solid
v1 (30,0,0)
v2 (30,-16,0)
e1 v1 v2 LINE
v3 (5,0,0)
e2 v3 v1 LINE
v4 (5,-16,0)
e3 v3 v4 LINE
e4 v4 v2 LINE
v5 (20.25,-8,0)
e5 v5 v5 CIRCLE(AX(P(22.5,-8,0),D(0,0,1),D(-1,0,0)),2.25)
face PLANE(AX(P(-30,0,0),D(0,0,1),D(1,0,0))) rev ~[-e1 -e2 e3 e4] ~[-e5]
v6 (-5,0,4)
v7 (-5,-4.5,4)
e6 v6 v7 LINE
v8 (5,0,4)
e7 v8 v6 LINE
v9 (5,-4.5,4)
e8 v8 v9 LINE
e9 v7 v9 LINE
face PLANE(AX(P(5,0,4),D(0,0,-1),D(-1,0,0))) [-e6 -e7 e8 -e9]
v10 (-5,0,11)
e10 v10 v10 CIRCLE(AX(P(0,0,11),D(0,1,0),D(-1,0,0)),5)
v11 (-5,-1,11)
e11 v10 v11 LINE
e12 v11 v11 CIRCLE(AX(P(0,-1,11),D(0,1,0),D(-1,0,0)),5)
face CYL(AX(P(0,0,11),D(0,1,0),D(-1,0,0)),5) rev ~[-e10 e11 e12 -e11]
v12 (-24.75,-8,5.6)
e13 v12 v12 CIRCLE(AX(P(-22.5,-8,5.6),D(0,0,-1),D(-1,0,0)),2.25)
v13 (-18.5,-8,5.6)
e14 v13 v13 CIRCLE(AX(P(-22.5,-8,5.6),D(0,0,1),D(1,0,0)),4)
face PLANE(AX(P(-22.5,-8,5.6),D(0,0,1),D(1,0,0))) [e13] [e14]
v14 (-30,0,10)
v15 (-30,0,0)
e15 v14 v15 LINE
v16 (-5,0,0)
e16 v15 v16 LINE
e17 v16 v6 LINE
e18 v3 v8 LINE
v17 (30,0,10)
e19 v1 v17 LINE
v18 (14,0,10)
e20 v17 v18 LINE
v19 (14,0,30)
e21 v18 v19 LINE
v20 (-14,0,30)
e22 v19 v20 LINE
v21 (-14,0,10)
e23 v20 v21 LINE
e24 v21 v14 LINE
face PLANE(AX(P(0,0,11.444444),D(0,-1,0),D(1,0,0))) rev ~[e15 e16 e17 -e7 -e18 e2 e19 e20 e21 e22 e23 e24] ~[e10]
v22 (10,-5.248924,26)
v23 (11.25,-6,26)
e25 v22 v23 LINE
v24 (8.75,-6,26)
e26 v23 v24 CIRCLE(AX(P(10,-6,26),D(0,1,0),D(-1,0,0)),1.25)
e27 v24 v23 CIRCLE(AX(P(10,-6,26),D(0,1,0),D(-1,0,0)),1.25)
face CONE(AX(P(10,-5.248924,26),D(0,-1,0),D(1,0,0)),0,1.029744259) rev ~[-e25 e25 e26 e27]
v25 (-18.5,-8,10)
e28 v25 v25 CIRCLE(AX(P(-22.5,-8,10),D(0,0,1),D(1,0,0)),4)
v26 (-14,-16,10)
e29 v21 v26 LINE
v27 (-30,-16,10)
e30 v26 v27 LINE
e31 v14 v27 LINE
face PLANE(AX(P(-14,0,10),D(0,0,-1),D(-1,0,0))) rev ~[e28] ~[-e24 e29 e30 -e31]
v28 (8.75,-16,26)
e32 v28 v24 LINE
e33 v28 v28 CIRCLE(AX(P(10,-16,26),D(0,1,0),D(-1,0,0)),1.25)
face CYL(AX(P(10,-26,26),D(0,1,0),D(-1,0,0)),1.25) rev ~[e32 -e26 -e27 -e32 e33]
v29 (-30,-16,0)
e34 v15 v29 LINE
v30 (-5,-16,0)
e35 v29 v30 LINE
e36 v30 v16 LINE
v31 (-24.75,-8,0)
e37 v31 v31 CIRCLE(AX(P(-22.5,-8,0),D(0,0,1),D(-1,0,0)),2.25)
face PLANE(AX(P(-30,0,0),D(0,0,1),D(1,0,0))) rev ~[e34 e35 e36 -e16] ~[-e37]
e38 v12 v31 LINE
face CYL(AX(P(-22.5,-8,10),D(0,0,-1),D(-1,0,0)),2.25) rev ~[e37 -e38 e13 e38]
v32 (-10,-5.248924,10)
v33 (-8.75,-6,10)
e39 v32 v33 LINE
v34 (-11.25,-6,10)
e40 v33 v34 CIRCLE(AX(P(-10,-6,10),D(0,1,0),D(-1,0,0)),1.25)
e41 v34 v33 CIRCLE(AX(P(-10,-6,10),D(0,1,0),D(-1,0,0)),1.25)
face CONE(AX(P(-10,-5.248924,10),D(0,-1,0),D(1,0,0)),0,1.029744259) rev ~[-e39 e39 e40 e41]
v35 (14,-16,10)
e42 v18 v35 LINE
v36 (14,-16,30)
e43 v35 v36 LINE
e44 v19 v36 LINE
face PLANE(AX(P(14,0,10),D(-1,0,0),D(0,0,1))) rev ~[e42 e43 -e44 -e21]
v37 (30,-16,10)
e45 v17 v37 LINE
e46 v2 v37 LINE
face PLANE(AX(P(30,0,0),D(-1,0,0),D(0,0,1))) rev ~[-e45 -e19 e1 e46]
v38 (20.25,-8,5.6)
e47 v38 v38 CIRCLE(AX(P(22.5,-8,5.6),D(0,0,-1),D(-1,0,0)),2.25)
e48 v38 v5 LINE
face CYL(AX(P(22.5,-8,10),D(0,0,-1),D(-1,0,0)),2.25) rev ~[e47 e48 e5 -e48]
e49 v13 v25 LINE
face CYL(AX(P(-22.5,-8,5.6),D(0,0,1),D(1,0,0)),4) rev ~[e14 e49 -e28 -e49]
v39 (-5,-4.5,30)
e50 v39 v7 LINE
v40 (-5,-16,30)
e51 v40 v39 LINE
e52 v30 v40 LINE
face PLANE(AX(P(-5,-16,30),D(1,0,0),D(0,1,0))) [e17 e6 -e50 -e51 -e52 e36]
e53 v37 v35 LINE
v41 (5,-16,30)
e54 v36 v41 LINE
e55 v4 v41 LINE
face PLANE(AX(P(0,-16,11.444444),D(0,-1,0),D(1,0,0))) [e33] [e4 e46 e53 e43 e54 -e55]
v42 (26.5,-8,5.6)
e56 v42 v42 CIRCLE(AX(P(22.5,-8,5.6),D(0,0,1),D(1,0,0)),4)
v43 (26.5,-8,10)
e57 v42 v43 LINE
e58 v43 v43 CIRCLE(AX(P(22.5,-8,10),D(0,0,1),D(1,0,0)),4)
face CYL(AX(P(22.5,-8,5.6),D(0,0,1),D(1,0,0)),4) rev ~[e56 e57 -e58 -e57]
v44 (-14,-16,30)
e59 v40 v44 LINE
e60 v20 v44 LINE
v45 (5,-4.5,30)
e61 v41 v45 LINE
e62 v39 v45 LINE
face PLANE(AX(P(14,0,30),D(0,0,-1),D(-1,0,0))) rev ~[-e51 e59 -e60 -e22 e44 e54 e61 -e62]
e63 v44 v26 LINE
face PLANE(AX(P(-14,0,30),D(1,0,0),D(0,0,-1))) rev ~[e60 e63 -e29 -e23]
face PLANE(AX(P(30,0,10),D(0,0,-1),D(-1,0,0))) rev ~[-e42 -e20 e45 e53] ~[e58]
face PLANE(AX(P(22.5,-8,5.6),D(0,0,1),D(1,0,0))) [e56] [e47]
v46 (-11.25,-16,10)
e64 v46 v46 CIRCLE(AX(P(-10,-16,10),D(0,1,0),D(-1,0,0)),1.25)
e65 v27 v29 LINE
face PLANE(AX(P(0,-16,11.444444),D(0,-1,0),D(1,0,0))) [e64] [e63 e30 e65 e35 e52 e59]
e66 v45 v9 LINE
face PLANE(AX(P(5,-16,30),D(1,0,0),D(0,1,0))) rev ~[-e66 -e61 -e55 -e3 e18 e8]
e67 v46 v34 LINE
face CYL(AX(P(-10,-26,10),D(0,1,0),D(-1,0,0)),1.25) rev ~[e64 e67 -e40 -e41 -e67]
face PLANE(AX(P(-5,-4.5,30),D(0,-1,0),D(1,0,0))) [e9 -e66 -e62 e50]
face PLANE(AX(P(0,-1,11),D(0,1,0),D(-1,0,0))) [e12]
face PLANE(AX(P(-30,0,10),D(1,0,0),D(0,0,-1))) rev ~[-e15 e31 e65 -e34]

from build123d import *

# Parameters (mm, degrees)
F1_DEPTH       = 16
F2_W           = 10
F2_H           = 11.5
F3_DEPTH       = 30.001
F4_W           = 10
F4_H           = 4
F5_DEPTH       = 16.001
F7_D           = 2.5
F7_DEPTH       = 10
F7_TIP         = 0.7510757738
F9_D           = 4.5
F9_DEPTH       = 10
F9_CBORE_D     = 8
F9_CBORE_DEPTH = 4.4
F9_TIP         = 1.3519363928
F10_R          = 5
F11_DEPTH      = 1


with BuildPart() as f1:
    # F0 (on Front) → F1 (new body)
    with BuildSketch(Plane.XZ):
        Polygon((14, 30), (0, 30), (-14, 30), (-14, 10), (-30, 10), (-30, 0), (0, 0), (30, 0), (30, 10), (14, 10), align=None)
    extrude(amount=F1_DEPTH)

    # F2 (on face) → F3 (cut, through all)
    with BuildSketch(Plane.XY.offset(30)):
        with Locations((0, -10.25)):
            Rectangle(F2_W, F2_H)
    extrude(amount=-F3_DEPTH, mode=Mode.SUBTRACT)

    # F4 (on face) → F5 (cut, through all)
    with BuildSketch(Plane(origin=(0, 0, 0), x_dir=(-1, 0, 0), z_dir=(0, 1, 0))):
        with Locations((0, 2)):
            Rectangle(F4_W, F4_H)
    extrude(amount=-F5_DEPTH, mode=Mode.SUBTRACT)

    # F7
    with Locations(Plane.XZ.offset(16)):
        with Locations((10, 26), (-10, 10)):
            Hole(F7_D / 2, depth=F7_DEPTH)
            with Locations((0, 0, -(F7_DEPTH + F7_TIP / 2))):  # 118° drill point
                Cone(0, F7_D / 2, F7_TIP, mode=Mode.SUBTRACT)

    # F9
    with Locations(Plane.XY.offset(10)):
        with Locations((22.5, -8), (-22.5, -8)):
            CounterBoreHole(F9_D / 2, F9_CBORE_D / 2, F9_CBORE_DEPTH, depth=F9_DEPTH)
            with Locations((0, 0, -(F9_DEPTH + F9_TIP / 2))):  # 118° drill point
                Cone(0, F9_D / 2, F9_TIP, mode=Mode.SUBTRACT)

    # F10 (on face) → F11 (cut)
    with BuildSketch(Plane(origin=(0, 0, 0), x_dir=(-1, 0, 0), z_dir=(0, 1, 0))):
        with Locations((0, 11)):
            Circle(F10_R)
    extrude(amount=-F11_DEPTH, mode=Mode.SUBTRACT)


solid = f1.part
